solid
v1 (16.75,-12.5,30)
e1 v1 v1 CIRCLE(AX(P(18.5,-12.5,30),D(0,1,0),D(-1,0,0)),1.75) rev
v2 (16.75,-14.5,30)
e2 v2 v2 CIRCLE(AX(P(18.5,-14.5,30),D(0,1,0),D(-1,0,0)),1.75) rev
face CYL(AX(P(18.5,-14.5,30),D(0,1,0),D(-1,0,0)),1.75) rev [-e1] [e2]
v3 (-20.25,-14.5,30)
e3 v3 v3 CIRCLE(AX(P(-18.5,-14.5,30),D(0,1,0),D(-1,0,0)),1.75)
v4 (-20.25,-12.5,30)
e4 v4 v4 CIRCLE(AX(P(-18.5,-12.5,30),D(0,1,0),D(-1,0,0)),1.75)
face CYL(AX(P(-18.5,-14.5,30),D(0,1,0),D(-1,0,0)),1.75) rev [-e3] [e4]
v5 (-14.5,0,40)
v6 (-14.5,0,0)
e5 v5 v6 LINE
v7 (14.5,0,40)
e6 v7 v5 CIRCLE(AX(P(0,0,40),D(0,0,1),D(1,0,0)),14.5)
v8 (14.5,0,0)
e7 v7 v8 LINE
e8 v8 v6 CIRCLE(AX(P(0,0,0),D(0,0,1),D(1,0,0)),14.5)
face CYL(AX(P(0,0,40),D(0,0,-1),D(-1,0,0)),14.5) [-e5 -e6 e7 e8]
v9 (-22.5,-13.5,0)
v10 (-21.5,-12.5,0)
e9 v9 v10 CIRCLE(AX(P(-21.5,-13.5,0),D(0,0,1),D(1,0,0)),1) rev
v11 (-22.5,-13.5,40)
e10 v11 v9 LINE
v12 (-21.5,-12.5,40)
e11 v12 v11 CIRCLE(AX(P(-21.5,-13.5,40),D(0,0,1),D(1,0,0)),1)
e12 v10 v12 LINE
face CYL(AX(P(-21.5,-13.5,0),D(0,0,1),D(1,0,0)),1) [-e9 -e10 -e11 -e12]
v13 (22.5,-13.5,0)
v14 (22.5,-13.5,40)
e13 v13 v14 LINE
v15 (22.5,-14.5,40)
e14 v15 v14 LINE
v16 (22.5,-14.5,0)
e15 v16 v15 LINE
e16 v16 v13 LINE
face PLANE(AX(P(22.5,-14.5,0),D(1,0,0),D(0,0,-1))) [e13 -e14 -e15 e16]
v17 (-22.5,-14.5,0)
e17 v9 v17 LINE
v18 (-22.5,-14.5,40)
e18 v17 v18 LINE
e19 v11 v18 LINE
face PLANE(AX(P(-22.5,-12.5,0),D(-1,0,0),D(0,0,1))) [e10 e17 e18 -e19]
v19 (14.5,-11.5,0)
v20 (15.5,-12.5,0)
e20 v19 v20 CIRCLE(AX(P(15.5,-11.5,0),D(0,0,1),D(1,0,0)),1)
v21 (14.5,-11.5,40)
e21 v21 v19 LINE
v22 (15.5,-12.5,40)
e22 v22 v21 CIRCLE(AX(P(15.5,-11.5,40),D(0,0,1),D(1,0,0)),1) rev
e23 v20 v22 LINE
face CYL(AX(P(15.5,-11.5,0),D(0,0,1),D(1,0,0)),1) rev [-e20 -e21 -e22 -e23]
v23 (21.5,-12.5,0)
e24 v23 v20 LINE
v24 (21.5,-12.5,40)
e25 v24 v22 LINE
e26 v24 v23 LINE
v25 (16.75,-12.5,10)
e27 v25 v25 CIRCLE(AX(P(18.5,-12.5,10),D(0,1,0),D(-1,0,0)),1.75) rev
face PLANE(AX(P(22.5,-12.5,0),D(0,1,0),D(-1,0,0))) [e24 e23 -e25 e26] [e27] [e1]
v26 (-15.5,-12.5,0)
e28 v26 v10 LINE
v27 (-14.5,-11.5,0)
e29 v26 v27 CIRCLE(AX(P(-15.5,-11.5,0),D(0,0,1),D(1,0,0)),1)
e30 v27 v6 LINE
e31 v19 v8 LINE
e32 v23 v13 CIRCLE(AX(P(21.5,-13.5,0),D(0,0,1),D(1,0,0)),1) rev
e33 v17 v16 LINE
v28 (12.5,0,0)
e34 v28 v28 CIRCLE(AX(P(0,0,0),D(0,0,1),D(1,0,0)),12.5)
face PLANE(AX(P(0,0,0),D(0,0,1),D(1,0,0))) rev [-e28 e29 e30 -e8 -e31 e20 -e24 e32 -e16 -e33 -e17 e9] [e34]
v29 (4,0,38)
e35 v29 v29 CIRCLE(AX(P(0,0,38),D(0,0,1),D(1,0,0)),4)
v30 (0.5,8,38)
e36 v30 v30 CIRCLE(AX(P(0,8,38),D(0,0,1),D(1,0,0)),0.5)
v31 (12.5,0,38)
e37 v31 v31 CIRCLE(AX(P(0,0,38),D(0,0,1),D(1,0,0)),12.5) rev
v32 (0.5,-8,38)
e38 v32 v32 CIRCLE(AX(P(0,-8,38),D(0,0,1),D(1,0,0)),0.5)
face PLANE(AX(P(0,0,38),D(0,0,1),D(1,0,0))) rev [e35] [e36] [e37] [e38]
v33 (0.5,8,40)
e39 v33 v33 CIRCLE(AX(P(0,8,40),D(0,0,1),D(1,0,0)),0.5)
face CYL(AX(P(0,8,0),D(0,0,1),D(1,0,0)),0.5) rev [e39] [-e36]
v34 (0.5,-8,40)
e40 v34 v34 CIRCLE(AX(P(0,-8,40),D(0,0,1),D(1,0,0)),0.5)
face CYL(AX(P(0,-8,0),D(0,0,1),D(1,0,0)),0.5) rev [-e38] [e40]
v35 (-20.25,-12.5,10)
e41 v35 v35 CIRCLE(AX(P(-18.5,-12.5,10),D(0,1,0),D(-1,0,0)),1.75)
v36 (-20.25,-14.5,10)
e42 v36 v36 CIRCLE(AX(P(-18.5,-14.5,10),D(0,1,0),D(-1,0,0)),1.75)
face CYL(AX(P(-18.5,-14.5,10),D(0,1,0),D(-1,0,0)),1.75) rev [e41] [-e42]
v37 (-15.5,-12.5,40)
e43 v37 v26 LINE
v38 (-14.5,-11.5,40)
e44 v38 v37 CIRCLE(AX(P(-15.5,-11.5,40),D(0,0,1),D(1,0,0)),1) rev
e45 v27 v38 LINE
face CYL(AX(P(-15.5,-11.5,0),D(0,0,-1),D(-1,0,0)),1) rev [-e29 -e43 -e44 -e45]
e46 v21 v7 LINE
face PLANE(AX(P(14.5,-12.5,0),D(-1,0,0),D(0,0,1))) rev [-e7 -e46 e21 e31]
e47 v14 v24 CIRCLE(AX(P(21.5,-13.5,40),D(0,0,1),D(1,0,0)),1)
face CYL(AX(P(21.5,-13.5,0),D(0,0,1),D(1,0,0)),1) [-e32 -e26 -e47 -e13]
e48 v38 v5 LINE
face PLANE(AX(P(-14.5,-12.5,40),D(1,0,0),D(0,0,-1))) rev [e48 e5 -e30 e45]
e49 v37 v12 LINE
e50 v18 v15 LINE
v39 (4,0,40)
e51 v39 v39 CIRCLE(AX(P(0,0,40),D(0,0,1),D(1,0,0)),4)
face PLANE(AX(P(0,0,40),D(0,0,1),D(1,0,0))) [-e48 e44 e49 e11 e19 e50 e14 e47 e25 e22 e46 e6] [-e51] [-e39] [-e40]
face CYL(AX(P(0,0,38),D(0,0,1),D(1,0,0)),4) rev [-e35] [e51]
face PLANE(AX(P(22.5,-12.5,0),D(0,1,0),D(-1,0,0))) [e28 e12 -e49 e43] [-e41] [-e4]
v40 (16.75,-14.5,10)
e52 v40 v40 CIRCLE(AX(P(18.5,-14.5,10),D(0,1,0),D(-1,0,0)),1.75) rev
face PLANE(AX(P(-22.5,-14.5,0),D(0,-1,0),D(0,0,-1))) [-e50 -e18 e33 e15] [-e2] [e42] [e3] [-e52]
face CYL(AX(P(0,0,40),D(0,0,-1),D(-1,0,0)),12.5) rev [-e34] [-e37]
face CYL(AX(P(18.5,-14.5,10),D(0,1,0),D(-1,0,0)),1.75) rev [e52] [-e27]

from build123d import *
from build123d.topology import SkipClean

# Parameters (mm, degrees)
BOSS_EXTRU_1_DEPTH      = 40
ESQUISSE2_W             = 2
ESQUISSE2_H             = 40
BOSS_EXTRU_2_DEPTH      = 12.5
BOSS_EXTRU_4_START      = -2
ESQUISSE4_R             = 4
BOSS_EXTRU_4_DEPTH      = 2
ESQUISSE5_R             = 0.5
ENL_V_MAT_EXTRU_1_DEPTH = 45.949972191
BOSS_EXTRU_13_DEPTH     = 40
BOSS_EXTRU_14_START     = 38
BOSS_EXTRU_14_DEPTH     = 38
CONG_1_R                = 1
ESQUISSE10_R            = 1.75
ENL_V_MAT_EXTRU_2_DEPTH = 54.247065647


with BuildPart() as part:
    # Esquisse1 → Boss.-Extru.1 (new body)
    with BuildSketch(Plane.XY):
        with BuildLine():
            ThreePointArc((-12.5, 0), (0, 12.5), (12.5, 0))
            Line((12.5, 0), (14.5, 0))
            ThreePointArc((14.5, 0), (0, 14.5), (-14.5, 0))
            Line((-14.5, 0), (-12.5, 0))
        make_face()
    extrude(amount=BOSS_EXTRU_1_DEPTH)

    # Esquisse2 → Boss.-Extru.2 (add)
    with BuildSketch(Plane.XZ):
        with Locations((-13.5, 20)):
            Rectangle(ESQUISSE2_W, ESQUISSE2_H)
        with Locations((13.5, 20)):
            Rectangle(ESQUISSE2_W, ESQUISSE2_H)
    extrude(amount=BOSS_EXTRU_2_DEPTH)

    # Esquisse4 → Boss.-Extru.4 (add)
    with BuildSketch(Plane.XY.offset(40).offset(BOSS_EXTRU_4_START)):
        with BuildLine():
            Line((-12.5, 0), (-12.5, -12.5))
            Line((-12.5, -12.5), (12.5, -12.5))
            Line((12.5, -12.5), (12.5, 0))
            ThreePointArc((12.5, 0), (0, 12.5), (-12.5, 0))
        make_face()
        Circle(ESQUISSE4_R, mode=Mode.SUBTRACT)
    extrude(amount=BOSS_EXTRU_4_DEPTH)

    # Esquisse5 → Enlèv. mat.-Extru.1 (cut, through all)
    with BuildSketch(Plane.XY.offset(40)):
        with Locations((0, -8)):
            Circle(ESQUISSE5_R)
        with Locations((0, 8)):
            Circle(ESQUISSE5_R)
    extrude(amount=-ENL_V_MAT_EXTRU_1_DEPTH, mode=Mode.SUBTRACT)

    # Esquisse8 → Boss.-Extru.13 (add)
    with BuildSketch(Plane.XY.offset(40)):
        Polygon((-14.5, -12.5), (-22.5, -12.5), (-22.5, -14.5), (22.5, -14.5), (22.5, -12.5), (14.5, -12.5), align=None)
    extrude(amount=-BOSS_EXTRU_13_DEPTH)

    # Esquisse9 → Boss.-Extru.14 (add)
    with SkipClean():  # the faces are left unmerged after this step: merging them gives an invalid solid
        with BuildSketch(Plane(origin=(0, 0, 38), x_dir=(-1, 0, 0), z_dir=(0, 0, -1)).offset(BOSS_EXTRU_14_START)):
            with BuildLine():
                Line((-12.5, 0), (-12.5, -12.5))
                Line((-12.5, -12.5), (-3e-08, -12.5))
                ThreePointArc((-3e-08, -12.5), (-8.838834775, -8.838834754), (-12.5, 0))
            make_face()
            with BuildLine():
                ThreePointArc((12.5, 0), (8.838834754, -8.838834775), (-3e-08, -12.5))
                Line((-3e-08, -12.5), (12.5, -12.5))
                Line((12.5, -12.5), (12.5, 0))
            make_face()
        extrude(amount=-BOSS_EXTRU_14_DEPTH)

    # Congé1
    cong_1_edges = [part.edges().sort_by_distance(p)[0] for p in [
        (-14.5, -12.5, 20),
        (14.5, -12.5, 20),
        (-22.5, -12.5, 20),
        (22.5, -12.5, 20),
    ]]
    fillet(cong_1_edges, radius=CONG_1_R)

    # Esquisse10 → Enlèv. mat.-Extru.2 (cut, through all)
    with SkipClean():  # the faces are left unmerged after this step: merging them gives an invalid solid
        with BuildSketch(Plane(origin=(0, -12.5, 0), x_dir=(1, 0, 0), z_dir=(0, 1, 0))):
            with Locations(Location((-18.5, -10, 0), (0, 0, 180))):
                Circle(ESQUISSE10_R)
            with Locations(Location((-18.5, -30, 0), (0, 0, 180))):
                Circle(ESQUISSE10_R)
            with Locations(Location((18.5, -30, 0), (0, 0, 180))):
                Circle(ESQUISSE10_R)
            with Locations(Location((18.5, -10, 0), (0, 0, 180))):
                Circle(ESQUISSE10_R)
        extrude(amount=-ENL_V_MAT_EXTRU_2_DEPTH, mode=Mode.SUBTRACT)


solid = part.part
